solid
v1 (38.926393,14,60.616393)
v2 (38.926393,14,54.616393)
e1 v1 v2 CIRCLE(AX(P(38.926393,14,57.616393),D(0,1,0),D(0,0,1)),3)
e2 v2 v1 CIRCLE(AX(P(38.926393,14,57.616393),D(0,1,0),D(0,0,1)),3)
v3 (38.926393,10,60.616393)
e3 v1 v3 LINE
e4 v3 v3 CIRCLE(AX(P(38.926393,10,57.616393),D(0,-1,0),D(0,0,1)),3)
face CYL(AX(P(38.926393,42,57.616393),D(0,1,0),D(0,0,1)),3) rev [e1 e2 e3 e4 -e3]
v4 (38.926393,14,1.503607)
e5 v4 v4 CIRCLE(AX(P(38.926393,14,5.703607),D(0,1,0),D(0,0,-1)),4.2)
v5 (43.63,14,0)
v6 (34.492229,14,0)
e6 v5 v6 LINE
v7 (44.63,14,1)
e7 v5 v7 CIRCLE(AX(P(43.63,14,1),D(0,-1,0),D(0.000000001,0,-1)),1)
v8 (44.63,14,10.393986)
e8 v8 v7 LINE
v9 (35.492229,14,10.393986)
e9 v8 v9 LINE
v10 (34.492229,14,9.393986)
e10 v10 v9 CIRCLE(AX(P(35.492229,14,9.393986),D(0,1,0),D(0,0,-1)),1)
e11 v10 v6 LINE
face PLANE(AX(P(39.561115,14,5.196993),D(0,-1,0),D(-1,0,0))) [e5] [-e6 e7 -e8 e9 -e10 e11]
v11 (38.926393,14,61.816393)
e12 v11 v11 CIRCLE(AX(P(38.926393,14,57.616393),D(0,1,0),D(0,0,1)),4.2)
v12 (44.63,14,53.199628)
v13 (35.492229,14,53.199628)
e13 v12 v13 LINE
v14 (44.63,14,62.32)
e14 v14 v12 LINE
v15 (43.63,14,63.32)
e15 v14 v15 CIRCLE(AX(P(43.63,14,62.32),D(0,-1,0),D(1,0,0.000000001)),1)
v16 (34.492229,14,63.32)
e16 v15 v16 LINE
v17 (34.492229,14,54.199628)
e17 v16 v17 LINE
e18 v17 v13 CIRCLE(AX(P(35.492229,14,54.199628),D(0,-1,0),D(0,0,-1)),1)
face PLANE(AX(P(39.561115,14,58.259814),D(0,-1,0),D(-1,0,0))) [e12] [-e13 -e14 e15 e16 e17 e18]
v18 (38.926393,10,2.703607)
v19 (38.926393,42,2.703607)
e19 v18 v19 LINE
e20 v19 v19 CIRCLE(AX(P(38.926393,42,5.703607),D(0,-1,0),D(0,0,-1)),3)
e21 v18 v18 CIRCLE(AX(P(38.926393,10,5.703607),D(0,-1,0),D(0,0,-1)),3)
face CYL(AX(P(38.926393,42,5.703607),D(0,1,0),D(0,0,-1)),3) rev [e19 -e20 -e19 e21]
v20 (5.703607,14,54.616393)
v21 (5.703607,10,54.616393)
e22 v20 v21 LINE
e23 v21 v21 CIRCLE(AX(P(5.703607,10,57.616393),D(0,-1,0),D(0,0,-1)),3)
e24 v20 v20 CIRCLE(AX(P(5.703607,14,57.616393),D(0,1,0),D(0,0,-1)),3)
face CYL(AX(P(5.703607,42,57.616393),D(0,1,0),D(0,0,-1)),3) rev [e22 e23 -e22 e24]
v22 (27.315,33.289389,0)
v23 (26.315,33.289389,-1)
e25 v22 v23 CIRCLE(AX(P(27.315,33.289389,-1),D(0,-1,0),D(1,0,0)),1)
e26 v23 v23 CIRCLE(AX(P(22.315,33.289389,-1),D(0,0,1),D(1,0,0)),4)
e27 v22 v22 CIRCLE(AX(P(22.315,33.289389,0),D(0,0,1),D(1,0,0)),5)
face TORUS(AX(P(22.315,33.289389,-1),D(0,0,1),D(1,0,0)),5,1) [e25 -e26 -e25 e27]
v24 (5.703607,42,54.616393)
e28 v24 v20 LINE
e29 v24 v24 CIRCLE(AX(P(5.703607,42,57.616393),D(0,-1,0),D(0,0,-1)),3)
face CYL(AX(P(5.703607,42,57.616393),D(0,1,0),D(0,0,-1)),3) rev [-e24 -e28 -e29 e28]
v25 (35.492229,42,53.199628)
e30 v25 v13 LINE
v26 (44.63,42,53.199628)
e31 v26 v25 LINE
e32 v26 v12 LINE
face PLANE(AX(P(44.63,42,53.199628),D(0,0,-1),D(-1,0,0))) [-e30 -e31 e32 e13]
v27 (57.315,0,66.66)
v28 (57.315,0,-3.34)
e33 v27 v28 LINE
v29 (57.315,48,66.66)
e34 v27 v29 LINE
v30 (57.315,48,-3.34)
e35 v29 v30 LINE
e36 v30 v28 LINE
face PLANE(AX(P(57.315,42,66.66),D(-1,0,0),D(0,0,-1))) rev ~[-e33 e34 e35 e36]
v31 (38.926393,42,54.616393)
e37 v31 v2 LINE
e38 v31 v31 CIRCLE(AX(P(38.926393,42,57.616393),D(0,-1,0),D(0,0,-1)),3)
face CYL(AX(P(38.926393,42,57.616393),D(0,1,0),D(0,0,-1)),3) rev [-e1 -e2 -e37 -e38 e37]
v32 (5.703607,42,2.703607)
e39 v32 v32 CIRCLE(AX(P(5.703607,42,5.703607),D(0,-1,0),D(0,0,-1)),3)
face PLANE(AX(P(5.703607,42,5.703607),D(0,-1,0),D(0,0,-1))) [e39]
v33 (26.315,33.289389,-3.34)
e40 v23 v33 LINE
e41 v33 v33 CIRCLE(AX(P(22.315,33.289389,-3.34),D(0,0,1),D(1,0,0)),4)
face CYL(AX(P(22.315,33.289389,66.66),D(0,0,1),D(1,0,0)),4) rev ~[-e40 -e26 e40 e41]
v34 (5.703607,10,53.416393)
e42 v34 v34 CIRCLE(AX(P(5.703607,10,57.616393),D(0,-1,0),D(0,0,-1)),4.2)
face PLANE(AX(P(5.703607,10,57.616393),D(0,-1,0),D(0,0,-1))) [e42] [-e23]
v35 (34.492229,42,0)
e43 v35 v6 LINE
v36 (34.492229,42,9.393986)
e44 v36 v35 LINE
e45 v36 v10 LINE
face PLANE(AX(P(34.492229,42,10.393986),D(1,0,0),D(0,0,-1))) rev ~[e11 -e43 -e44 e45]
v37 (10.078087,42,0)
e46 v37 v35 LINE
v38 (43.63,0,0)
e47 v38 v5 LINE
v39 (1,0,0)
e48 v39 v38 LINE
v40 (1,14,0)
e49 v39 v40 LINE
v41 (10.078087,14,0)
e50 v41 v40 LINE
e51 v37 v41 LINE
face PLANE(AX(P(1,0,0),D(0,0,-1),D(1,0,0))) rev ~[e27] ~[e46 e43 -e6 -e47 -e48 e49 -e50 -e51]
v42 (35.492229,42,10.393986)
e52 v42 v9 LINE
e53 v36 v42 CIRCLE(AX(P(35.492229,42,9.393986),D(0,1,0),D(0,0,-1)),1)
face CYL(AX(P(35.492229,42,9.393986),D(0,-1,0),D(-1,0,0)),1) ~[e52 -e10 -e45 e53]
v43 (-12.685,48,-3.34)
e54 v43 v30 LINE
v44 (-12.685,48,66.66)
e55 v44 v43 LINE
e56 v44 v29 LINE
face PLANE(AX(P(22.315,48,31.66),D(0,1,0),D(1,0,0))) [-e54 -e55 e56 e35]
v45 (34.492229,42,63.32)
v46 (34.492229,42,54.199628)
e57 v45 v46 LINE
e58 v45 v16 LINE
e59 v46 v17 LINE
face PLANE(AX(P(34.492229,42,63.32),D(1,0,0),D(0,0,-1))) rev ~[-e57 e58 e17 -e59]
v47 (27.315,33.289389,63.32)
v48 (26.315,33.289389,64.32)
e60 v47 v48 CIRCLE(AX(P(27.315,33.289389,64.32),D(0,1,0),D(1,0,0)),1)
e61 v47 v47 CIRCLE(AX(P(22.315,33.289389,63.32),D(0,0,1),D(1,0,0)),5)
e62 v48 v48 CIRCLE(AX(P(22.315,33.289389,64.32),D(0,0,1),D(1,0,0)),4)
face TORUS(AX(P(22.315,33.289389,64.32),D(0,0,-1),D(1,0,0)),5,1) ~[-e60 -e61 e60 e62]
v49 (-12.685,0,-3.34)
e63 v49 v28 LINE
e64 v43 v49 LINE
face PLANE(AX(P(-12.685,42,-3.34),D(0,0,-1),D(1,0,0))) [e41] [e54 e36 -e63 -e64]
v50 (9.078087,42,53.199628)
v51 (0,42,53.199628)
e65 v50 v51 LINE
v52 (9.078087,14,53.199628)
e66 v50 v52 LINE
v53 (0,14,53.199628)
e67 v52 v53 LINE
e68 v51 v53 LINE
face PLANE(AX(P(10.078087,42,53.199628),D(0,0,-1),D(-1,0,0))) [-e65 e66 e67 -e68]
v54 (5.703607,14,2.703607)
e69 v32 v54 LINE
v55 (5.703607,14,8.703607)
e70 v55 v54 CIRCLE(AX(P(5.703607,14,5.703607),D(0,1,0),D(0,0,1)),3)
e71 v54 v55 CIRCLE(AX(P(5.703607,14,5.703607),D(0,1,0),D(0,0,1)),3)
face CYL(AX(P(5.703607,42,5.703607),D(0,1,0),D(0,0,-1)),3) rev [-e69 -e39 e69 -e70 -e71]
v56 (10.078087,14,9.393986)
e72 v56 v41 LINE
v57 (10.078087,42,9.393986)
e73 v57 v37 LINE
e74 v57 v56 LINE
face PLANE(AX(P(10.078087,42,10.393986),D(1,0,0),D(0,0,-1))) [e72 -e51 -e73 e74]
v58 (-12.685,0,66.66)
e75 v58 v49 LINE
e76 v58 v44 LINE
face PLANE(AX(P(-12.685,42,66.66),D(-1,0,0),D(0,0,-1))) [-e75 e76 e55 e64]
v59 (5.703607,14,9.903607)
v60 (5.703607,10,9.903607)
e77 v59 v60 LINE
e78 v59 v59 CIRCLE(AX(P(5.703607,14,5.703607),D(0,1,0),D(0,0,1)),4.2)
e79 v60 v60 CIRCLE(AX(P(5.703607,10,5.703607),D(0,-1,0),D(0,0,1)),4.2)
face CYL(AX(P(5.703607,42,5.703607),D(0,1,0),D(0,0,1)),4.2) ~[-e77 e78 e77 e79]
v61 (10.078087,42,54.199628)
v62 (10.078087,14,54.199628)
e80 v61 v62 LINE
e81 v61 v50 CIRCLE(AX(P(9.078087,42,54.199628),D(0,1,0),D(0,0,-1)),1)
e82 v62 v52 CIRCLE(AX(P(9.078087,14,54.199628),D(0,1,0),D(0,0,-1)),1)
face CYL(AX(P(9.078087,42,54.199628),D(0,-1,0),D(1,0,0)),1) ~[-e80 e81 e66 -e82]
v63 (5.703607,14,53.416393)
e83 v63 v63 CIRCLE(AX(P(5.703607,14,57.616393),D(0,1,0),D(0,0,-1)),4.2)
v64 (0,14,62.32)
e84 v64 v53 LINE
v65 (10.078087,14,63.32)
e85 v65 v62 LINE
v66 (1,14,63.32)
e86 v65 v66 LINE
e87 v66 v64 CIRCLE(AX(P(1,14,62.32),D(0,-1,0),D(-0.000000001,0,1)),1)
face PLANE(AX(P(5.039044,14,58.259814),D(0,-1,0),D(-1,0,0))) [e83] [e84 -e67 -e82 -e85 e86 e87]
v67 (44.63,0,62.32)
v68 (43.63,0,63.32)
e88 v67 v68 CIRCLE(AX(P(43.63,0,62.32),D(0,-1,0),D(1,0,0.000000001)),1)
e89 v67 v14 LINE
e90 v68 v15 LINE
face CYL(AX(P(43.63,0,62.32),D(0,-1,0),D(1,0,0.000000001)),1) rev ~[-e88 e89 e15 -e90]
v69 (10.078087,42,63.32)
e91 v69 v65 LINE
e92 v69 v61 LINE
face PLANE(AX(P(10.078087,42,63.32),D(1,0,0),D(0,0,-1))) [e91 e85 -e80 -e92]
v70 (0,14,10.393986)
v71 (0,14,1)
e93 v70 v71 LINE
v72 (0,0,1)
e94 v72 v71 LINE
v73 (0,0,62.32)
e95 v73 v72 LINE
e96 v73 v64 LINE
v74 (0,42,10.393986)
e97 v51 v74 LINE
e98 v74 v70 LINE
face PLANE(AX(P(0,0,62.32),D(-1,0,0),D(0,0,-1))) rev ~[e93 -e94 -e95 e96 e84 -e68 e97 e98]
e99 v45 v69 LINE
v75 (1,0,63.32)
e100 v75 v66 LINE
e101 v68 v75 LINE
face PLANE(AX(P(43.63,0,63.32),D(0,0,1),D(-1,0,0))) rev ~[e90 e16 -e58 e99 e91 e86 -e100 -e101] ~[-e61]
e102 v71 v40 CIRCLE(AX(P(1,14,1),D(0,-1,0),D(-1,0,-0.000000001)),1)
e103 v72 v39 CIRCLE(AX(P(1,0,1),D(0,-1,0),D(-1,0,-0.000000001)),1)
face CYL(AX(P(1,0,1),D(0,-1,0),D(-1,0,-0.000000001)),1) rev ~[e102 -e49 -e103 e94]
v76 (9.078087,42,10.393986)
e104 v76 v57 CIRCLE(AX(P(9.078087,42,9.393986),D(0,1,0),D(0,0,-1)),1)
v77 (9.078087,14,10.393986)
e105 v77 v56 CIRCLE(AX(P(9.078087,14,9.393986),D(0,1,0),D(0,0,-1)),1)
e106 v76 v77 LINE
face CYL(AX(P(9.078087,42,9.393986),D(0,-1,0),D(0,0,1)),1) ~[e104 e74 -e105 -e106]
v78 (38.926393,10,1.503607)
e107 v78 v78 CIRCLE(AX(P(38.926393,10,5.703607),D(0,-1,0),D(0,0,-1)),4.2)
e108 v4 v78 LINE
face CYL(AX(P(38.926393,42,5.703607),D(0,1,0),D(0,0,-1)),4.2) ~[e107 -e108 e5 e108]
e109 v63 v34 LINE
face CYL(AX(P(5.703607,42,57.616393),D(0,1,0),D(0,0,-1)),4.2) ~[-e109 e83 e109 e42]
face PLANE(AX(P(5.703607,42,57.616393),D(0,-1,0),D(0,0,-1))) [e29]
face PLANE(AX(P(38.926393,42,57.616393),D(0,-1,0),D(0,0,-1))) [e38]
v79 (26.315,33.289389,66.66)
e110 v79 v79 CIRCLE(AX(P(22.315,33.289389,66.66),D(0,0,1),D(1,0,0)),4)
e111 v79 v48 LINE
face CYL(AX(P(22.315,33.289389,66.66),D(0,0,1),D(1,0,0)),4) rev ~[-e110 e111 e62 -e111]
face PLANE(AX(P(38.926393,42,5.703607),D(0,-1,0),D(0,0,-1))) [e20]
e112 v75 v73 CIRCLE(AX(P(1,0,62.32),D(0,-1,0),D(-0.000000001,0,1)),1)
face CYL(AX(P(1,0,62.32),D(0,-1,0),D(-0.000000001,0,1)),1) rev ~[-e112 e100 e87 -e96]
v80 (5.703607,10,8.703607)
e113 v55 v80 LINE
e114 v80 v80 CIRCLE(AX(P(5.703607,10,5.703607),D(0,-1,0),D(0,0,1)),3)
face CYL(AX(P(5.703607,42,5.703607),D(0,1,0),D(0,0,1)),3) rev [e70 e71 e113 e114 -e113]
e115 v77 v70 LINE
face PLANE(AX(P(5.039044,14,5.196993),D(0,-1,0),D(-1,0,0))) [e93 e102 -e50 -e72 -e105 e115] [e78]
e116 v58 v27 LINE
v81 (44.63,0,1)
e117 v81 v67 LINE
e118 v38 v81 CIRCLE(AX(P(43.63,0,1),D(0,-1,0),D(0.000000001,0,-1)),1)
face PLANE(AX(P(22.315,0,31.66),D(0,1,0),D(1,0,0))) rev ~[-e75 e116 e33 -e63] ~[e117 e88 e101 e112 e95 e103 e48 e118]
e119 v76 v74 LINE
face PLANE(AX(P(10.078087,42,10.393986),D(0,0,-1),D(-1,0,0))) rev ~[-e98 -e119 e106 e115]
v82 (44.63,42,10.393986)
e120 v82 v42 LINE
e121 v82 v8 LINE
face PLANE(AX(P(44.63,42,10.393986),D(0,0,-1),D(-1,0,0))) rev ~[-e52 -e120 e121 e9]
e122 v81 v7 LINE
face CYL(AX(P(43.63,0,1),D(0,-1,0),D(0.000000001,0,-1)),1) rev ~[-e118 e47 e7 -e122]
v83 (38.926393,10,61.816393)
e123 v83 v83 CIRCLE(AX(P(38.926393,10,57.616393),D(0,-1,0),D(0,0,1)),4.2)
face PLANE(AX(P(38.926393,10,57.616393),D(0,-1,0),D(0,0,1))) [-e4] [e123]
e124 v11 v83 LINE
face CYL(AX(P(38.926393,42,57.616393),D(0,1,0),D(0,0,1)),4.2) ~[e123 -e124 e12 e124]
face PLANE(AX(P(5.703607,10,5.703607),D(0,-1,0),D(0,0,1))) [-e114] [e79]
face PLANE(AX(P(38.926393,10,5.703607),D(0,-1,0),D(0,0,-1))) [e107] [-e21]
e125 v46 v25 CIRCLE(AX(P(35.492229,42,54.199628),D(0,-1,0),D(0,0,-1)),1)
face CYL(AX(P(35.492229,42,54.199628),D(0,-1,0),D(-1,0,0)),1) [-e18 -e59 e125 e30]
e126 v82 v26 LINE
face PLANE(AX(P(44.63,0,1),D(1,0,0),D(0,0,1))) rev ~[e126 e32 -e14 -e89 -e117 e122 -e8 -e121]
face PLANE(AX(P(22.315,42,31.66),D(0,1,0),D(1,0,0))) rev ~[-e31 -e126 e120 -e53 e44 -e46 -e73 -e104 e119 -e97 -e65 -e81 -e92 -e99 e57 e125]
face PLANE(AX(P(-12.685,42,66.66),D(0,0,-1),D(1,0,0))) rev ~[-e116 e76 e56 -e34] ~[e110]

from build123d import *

# Parameters (mm, degrees)
SKETCH1_W           = 70
SKETCH1_H           = 70
BOSS_EXTRUDE1_DEPTH = 42
SKETCH2_W           = 70
SKETCH2_H           = 70
BOSS_EXTRUDE2_DEPTH = 6
SKETCH3_R           = 4
CUT_EXTRUDE1_DEPTH  = 74
SKETCH6_W           = 10.07808718
SKETCH6_H           = 10.120371506
SKETCH6_W_2         = 10.137770901
SKETCH6_H_2         = 10.393985643
BOSS_EXTRUDE4_DEPTH = 28
FILLET1_R           = 1
SKETCH4_R           = 4.2
SKETCH4_R_2         = 3
BOSS_EXTRUDE3_DEPTH = 32
CUT_EXTRUDE2_START  = -28
SKETCH8_R           = 3
CUT_EXTRUDE2_DEPTH  = 28
FILLET2_R           = 1


with BuildPart() as part:
    # Sketch1 → Boss-Extrude1 (new body)
    with BuildSketch(Plane(origin=(0, 0, 0), x_dir=(1, 0, 0), z_dir=(0, 1, 0))):
        with Locations((22.315, -31.66)):
            Rectangle(SKETCH1_W, SKETCH1_H)
        with BuildLine():
            Line((1, 0), (43.63, 0))
            ThreePointArc((43.63, 0), (44.337106781, -0.292893219), (44.63, -1))
            Line((44.63, -1), (44.63, -62.32))
            ThreePointArc((44.63, -62.32), (44.337106781, -63.027106781), (43.63, -63.32))
            Line((43.63, -63.32), (1, -63.32))
            ThreePointArc((1, -63.32), (0.292893219, -63.027106781), (0, -62.32))
            Line((0, -62.32), (0, -1))
            ThreePointArc((0, -1), (0.292893219, -0.292893219), (1, 0))
        make_face(mode=Mode.SUBTRACT)
    extrude(amount=BOSS_EXTRUDE1_DEPTH)

    # Sketch2 → Boss-Extrude2 (add)
    with BuildSketch(Plane(origin=(0, 42, 0), x_dir=(1, 0, 0), z_dir=(0, 1, 0))):
        with Locations((22.315, -31.66)):
            Rectangle(SKETCH2_W, SKETCH2_H)
    extrude(amount=BOSS_EXTRUDE2_DEPTH)

    # Sketch3 → Cut-Extrude1 (cut)
    with BuildSketch(Plane.XY.offset(66.66)):
        with Locations((22.315, 33.289388907)):
            Circle(SKETCH3_R)
    extrude(amount=-CUT_EXTRUDE1_DEPTH, mode=Mode.SUBTRACT)

    # Sketch6 → Boss-Extrude4 (add)
    with BuildSketch(Plane(origin=(0, 42, 0), x_dir=(-1, 0, 0), z_dir=(0, -1, 0))):
        with Locations((-5.03904359, -58.259814247)):
            Rectangle(SKETCH6_W, SKETCH6_H)
        with Locations((-39.56111455, -58.259814247)):
            Rectangle(SKETCH6_W_2, SKETCH6_H)
        with Locations((-39.56111455, -5.196992822)):
            Rectangle(SKETCH6_W_2, SKETCH6_H_2)
        with Locations((-5.03904359, -5.196992822)):
            Rectangle(SKETCH6_W, SKETCH6_H_2)
    extrude(amount=BOSS_EXTRUDE4_DEPTH)

    # Fillet1
    fillet1_edges = [part.edges().sort_by_distance(p)[0] for p in [
        (34.492229099, 28, 10.393985643),
        (10.07808718, 28, 10.393985643),
        (10.07808718, 28, 53.199628494),
        (34.492229099, 28, 53.199628494),
    ]]
    fillet(fillet1_edges, radius=FILLET1_R)

    # Sketch4 → Boss-Extrude3 (add)
    # profile 1 of 4: a face of its own
    with BuildSketch(Plane.XZ.offset(-42)):
        with Locations(Location((5.703606864, 5.703606864, 0), (0, 0, 90))):
            Circle(SKETCH4_R)
        with Locations(Location((5.703606864, 5.703606864, 0), (0, 0, 90))):
            Circle(SKETCH4_R_2, mode=Mode.SUBTRACT)
    # profile 2 of 4: a face of its own
    with BuildSketch(Plane.XZ.offset(-42)):
        with Locations(Location((38.926393136, 5.703606864, 0), (0, 0, 270))):
            Circle(SKETCH4_R)
        with Locations(Location((38.926393136, 5.703606864, 0), (0, 0, 270))):
            Circle(SKETCH4_R_2, mode=Mode.SUBTRACT)
    # profile 3 of 4: a face of its own
    with BuildSketch(Plane.XZ.offset(-42)):
        with Locations(Location((38.926393136, 57.616393136, 0), (0, 0, 90))):
            Circle(SKETCH4_R)
        with Locations(Location((38.926393136, 57.616393136, 0), (0, 0, 90))):
            Circle(SKETCH4_R_2, mode=Mode.SUBTRACT)
    # profile 4 of 4: a face of its own
    with BuildSketch(Plane.XZ.offset(-42)):
        with Locations(Location((5.703606864, 57.616393136, 0), (0, 0, 270))):
            Circle(SKETCH4_R)
        with Locations(Location((5.703606864, 57.616393136, 0), (0, 0, 270))):
            Circle(SKETCH4_R_2, mode=Mode.SUBTRACT)
    extrude(amount=BOSS_EXTRUDE3_DEPTH)

    # Sketch8 → Cut-Extrude2 (cut)
    with BuildSketch(Plane(origin=(0, 14, 0), x_dir=(-1, 0, 0), z_dir=(0, -1, 0)).offset(CUT_EXTRUDE2_START)):
        with Locations(Location((-5.703606864, -57.616393136, 0), (0, 0, 90))):
            Circle(SKETCH8_R)
        with Locations(Location((-38.926393136, -57.616393136, 0), (0, 0, 90))):
            Circle(SKETCH8_R)
        with Locations(Location((-38.926393136, -5.703606864, 0), (0, 0, 90))):
            Circle(SKETCH8_R)
        with Locations(Location((-5.703606864, -5.703606864, 0), (0, 0, 90))):
            Circle(SKETCH8_R)
    extrude(amount=CUT_EXTRUDE2_DEPTH, mode=Mode.SUBTRACT)

    # Fillet2
    fillet2_edges = [part.edges().sort_by_distance(p)[0] for p in [
        (18.315, 33.289388907, 0),
        (18.315, 33.289388907, 63.32),
    ]]
    fillet(fillet2_edges, radius=FILLET2_R)


solid = part.part
